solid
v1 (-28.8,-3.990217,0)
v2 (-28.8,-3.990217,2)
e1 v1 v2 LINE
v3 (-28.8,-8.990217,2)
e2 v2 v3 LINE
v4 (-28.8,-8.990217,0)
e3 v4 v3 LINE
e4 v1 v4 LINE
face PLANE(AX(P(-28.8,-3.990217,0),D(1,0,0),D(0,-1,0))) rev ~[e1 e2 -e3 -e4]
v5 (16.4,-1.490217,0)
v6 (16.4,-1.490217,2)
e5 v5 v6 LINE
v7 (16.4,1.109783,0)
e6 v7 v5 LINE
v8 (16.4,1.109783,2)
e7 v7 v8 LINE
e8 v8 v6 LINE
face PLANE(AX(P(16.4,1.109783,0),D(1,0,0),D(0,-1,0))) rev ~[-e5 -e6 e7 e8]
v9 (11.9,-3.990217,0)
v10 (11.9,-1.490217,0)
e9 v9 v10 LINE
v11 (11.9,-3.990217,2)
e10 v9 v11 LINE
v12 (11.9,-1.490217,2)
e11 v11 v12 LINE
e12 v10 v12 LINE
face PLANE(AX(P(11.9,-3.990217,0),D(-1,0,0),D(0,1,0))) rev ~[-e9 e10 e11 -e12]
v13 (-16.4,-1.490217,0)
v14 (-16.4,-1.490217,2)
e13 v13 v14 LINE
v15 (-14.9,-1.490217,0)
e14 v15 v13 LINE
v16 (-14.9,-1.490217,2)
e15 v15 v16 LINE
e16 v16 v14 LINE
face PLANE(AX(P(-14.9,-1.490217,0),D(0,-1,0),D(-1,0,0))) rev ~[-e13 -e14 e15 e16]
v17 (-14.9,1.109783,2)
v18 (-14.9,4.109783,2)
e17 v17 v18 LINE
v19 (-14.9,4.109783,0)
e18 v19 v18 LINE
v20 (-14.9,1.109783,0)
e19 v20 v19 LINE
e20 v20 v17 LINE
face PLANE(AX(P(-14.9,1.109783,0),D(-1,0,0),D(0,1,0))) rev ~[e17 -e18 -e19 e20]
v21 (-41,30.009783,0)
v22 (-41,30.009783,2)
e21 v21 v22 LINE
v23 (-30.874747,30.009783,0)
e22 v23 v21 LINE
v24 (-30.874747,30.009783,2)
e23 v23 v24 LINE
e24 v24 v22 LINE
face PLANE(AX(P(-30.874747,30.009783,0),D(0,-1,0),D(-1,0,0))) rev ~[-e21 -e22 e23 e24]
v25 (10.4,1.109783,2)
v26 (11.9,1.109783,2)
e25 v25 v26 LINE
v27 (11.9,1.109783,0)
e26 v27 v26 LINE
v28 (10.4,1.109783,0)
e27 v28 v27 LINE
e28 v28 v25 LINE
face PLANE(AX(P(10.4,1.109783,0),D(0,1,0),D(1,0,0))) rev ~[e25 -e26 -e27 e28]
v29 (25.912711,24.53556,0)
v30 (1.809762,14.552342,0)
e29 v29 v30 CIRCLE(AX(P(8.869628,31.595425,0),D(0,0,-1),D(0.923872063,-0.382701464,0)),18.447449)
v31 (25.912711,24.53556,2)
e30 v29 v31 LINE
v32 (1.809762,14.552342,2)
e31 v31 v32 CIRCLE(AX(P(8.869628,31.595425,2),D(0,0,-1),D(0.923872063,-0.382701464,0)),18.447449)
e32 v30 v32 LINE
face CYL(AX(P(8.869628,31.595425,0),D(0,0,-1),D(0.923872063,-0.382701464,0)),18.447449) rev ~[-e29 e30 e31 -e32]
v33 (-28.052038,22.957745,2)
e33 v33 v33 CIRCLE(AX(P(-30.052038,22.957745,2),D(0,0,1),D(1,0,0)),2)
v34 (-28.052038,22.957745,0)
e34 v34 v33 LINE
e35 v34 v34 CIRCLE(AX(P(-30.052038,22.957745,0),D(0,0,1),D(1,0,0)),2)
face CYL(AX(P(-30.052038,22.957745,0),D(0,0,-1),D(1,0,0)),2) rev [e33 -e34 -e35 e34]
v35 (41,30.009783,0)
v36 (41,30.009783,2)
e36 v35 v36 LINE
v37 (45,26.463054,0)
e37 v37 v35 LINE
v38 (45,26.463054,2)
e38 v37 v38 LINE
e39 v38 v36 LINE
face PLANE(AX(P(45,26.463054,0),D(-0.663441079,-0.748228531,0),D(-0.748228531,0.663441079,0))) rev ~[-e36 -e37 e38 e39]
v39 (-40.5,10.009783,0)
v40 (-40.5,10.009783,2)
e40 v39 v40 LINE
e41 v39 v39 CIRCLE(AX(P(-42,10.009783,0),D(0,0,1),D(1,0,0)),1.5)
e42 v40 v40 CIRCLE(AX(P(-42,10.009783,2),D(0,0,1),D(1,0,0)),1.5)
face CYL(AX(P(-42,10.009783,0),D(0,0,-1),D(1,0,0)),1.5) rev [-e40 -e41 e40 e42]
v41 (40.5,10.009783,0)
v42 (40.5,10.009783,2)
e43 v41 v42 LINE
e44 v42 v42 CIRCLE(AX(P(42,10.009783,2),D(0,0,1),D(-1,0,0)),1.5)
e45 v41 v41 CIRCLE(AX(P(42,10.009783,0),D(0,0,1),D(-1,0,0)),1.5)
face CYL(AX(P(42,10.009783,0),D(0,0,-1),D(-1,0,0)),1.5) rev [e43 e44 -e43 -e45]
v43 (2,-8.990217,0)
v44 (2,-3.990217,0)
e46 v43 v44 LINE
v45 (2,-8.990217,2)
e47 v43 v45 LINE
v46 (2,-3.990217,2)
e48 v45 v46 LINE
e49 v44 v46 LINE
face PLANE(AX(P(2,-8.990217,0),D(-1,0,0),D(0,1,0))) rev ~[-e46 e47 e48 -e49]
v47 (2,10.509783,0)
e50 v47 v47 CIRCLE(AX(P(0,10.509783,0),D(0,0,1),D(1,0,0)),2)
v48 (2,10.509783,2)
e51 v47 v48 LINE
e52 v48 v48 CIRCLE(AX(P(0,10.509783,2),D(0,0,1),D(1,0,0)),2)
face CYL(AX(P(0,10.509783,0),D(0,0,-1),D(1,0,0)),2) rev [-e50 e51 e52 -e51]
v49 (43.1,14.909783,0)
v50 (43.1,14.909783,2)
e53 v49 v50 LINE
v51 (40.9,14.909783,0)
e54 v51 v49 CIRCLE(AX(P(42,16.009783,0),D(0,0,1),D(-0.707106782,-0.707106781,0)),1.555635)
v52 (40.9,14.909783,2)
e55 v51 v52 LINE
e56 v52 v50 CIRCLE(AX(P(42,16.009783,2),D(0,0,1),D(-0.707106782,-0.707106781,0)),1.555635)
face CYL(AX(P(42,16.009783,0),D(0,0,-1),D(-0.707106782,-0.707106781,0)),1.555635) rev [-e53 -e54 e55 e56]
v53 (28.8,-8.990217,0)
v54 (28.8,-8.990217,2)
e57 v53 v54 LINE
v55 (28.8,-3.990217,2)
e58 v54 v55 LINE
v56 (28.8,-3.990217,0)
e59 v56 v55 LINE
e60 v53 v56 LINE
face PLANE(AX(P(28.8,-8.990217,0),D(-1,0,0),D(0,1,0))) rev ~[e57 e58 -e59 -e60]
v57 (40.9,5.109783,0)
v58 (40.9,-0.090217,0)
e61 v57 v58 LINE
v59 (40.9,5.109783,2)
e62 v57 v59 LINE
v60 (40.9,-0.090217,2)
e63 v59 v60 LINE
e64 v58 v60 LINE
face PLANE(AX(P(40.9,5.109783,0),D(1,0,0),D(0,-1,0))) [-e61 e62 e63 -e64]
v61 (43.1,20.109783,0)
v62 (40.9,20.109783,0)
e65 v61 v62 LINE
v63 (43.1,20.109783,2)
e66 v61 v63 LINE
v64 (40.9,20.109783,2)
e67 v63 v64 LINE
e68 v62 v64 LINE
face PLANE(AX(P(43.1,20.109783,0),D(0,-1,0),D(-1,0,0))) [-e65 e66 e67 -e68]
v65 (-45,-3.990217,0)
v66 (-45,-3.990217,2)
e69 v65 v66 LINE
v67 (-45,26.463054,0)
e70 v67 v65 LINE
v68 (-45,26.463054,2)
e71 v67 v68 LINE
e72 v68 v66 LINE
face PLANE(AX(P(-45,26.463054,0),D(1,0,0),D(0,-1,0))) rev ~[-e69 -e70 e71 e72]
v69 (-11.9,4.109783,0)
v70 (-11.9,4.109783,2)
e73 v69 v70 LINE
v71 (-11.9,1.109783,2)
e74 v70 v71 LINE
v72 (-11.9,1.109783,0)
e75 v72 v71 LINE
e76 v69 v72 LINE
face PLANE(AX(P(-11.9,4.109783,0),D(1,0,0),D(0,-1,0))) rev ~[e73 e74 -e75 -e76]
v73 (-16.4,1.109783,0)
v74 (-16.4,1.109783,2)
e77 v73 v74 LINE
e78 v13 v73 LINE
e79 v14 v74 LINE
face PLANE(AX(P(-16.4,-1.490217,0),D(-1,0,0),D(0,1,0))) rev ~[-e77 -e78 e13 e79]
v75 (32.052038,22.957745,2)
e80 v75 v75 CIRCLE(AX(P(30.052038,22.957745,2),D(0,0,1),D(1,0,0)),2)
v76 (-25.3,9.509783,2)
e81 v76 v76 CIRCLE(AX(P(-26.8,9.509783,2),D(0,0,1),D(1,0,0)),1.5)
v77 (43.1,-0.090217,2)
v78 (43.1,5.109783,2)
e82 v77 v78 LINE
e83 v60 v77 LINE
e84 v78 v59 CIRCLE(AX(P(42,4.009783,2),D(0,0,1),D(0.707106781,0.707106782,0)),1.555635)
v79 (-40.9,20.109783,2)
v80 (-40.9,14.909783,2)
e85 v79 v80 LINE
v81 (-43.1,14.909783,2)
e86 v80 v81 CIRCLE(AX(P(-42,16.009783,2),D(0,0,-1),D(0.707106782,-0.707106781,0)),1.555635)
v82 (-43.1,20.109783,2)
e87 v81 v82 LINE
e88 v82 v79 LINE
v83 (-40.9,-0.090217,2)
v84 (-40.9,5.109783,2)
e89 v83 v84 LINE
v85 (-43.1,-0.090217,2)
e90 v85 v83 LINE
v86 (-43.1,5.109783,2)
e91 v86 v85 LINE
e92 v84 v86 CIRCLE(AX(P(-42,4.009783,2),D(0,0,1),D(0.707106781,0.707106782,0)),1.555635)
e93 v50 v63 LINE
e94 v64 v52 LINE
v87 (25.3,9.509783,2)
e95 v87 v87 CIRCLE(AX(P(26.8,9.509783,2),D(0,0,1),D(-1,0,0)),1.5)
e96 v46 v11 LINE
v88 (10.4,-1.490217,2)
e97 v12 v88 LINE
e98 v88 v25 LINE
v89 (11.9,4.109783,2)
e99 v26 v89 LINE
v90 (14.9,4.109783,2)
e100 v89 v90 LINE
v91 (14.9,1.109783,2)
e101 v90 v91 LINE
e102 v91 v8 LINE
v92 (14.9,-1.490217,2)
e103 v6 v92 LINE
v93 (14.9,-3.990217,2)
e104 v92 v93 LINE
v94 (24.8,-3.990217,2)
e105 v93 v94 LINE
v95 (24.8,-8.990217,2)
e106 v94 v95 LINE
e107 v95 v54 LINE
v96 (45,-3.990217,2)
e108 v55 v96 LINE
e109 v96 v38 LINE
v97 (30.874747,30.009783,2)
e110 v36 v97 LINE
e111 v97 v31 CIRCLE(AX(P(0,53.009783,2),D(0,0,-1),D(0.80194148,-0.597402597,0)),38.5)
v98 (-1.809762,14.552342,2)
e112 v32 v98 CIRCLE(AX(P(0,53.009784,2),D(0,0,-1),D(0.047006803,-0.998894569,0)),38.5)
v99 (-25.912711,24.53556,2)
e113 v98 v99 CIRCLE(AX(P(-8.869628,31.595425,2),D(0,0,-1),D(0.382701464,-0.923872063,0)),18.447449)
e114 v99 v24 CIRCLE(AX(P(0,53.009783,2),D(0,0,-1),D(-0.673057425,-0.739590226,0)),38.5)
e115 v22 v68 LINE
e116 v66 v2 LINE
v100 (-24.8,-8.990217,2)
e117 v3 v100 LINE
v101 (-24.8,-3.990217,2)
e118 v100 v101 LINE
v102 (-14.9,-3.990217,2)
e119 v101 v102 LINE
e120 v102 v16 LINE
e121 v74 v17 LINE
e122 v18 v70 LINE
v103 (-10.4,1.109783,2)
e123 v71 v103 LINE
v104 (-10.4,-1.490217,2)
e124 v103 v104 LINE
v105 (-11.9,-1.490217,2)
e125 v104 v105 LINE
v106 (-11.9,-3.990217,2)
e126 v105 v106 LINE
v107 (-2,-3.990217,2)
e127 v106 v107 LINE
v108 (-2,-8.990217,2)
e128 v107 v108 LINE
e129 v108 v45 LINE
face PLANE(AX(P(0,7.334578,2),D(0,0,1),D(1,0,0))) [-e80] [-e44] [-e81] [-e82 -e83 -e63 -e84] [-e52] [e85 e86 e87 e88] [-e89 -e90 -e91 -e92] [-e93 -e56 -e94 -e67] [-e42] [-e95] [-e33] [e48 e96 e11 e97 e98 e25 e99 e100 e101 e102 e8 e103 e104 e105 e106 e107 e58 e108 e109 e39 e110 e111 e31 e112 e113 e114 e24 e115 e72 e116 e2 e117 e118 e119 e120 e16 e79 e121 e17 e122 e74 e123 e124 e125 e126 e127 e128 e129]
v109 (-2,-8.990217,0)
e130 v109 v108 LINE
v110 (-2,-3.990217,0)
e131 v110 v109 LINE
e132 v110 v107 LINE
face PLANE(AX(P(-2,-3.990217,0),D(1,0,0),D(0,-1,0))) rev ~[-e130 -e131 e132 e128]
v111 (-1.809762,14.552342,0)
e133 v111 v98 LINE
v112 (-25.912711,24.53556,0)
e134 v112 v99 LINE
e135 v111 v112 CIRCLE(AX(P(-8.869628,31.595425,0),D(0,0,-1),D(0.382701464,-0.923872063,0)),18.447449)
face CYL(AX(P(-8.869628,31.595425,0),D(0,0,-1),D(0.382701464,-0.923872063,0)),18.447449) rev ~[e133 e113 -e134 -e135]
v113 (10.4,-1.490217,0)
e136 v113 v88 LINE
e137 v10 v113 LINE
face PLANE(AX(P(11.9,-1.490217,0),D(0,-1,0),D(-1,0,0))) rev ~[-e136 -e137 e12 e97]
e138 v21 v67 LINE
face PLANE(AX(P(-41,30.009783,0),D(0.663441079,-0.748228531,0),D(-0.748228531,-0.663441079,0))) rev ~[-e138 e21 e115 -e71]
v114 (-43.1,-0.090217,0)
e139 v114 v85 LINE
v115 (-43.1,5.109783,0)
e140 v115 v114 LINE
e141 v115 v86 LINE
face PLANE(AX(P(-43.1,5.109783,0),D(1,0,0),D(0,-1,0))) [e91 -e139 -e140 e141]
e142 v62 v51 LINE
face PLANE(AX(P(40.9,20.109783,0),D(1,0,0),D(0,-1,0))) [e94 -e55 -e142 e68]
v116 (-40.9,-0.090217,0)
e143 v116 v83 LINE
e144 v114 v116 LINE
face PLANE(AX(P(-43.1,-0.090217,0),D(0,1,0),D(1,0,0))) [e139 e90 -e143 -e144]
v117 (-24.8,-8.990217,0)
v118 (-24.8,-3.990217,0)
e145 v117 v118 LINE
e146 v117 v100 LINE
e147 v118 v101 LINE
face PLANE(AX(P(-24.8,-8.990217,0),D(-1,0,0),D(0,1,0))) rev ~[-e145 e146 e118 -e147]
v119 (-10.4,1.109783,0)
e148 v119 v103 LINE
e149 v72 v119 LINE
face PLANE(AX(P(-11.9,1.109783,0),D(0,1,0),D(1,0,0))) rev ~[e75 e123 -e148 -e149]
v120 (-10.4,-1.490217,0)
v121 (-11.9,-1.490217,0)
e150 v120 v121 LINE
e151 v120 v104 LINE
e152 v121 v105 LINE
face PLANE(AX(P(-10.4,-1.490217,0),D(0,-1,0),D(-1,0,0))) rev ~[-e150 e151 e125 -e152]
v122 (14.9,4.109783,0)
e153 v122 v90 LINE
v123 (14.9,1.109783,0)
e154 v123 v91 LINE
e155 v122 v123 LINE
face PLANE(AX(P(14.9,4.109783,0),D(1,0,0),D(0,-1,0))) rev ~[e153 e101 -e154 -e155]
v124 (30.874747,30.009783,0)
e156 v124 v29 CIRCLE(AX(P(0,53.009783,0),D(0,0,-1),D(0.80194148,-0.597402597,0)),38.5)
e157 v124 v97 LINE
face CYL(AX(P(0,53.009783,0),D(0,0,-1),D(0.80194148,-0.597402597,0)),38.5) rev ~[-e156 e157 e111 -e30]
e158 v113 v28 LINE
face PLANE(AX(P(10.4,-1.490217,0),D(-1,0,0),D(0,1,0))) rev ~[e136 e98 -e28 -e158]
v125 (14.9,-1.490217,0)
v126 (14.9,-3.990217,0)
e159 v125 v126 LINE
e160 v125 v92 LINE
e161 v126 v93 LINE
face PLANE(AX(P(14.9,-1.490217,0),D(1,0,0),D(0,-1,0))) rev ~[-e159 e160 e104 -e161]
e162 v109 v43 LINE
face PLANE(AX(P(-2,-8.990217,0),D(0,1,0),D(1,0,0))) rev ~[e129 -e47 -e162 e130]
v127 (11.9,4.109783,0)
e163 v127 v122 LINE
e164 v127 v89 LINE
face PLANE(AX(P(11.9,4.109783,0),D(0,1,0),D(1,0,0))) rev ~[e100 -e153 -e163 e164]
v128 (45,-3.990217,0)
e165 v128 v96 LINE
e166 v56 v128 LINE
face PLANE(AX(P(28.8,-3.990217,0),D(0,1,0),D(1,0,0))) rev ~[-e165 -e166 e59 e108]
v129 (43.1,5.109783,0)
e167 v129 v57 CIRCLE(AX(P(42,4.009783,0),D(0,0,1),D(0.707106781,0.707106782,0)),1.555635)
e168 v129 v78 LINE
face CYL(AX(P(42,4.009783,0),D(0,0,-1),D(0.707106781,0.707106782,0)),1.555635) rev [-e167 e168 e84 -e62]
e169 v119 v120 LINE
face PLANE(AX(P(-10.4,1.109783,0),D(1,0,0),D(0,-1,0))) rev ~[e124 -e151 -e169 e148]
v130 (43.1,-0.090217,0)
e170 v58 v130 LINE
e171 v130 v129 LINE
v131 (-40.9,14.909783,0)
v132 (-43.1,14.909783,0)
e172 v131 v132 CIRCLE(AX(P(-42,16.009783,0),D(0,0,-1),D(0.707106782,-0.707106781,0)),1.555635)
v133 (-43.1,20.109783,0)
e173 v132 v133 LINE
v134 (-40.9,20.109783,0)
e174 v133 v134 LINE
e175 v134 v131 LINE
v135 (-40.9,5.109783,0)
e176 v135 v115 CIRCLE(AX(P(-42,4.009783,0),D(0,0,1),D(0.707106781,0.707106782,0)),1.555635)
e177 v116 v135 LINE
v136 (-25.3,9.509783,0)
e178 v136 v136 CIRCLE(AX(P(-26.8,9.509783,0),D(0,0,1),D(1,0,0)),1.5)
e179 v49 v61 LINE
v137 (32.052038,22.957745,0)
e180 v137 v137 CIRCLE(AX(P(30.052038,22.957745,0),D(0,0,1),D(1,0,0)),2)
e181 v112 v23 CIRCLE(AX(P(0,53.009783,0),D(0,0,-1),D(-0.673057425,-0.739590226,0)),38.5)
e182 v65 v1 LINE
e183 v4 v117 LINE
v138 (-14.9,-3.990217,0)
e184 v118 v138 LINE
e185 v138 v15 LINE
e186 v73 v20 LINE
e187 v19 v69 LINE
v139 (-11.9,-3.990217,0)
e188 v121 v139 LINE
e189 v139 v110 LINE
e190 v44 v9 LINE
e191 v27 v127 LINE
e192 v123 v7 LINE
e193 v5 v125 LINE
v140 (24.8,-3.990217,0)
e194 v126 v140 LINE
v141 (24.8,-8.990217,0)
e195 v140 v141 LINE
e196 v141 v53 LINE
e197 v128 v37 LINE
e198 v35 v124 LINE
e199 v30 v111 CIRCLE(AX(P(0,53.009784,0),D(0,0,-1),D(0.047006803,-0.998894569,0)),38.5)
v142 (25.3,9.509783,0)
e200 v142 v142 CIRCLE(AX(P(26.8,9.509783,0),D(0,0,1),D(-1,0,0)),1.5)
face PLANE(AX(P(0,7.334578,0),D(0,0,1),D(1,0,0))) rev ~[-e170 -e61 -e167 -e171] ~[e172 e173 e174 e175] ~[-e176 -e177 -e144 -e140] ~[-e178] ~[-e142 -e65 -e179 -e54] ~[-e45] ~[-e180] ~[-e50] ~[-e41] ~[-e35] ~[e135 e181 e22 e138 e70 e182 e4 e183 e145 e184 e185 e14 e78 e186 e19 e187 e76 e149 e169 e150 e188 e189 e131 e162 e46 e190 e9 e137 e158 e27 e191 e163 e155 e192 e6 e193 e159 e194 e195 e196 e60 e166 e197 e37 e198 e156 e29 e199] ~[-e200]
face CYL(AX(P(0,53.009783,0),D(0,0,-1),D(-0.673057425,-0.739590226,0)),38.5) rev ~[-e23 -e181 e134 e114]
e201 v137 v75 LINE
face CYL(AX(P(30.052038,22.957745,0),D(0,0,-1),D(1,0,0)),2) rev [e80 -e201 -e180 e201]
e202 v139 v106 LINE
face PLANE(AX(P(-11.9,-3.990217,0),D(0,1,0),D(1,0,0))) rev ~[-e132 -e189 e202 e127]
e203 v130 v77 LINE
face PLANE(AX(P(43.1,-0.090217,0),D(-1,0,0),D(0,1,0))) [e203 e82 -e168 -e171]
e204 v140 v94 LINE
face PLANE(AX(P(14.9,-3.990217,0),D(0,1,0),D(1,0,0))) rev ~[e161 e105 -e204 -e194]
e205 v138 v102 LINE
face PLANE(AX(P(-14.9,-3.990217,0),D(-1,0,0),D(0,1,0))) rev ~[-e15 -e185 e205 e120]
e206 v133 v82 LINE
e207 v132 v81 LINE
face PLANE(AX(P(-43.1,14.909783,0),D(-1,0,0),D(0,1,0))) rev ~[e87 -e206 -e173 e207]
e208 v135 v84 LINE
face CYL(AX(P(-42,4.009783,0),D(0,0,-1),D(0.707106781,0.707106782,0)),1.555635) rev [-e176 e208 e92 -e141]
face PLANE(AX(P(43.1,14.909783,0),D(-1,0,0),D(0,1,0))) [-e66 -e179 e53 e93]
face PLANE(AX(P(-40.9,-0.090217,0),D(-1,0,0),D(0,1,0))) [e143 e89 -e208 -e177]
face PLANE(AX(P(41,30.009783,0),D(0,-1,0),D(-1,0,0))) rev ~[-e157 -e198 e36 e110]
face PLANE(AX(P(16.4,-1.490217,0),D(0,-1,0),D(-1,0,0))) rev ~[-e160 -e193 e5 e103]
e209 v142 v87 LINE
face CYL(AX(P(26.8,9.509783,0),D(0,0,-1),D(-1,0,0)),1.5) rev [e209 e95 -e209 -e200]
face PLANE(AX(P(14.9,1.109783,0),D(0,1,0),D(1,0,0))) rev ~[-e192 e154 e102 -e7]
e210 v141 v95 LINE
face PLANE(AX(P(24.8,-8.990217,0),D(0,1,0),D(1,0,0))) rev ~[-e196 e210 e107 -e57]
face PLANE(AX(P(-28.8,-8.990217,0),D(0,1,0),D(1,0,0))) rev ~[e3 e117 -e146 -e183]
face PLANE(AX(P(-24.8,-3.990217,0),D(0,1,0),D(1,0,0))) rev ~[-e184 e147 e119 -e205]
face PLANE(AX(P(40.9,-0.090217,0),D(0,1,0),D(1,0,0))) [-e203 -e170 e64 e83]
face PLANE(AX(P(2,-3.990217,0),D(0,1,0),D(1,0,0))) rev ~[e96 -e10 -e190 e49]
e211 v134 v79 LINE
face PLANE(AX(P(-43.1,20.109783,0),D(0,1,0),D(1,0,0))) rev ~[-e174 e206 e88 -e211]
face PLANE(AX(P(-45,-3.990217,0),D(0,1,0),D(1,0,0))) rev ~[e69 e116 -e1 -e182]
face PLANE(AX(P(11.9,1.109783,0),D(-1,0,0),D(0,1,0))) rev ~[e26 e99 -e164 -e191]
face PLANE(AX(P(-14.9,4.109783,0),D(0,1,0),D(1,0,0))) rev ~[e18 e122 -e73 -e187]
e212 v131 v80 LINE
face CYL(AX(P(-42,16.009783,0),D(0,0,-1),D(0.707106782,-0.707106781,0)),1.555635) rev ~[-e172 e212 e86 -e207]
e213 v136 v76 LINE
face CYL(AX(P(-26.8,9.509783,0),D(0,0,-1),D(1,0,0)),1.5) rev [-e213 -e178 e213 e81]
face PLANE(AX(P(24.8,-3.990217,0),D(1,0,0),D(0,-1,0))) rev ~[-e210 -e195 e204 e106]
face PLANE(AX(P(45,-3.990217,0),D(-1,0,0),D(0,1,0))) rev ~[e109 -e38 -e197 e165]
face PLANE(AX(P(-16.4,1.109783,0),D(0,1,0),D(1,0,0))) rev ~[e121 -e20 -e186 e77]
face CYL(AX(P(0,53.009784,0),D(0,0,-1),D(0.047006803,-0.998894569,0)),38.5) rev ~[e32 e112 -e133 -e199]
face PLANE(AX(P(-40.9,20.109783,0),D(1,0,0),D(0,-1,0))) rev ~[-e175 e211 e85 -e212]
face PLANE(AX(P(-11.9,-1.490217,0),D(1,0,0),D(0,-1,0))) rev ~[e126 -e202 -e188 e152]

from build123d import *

# Parameters (mm, degrees)
SKETCH_3_R      = 2
SKETCH_3_R_2    = 1.5
EXTRUDE_1_DEPTH = 2


with BuildPart() as part:
    # 草图3 → 凸台-拉伸1 (new body)
    with BuildSketch(Plane.XY):
        with BuildLine():
            Line((-45, -3.990216685), (-28.8, -3.990216685))
            Line((-28.8, -3.990216685), (-28.8, -8.990216685))
            Line((-28.8, -8.990216685), (-24.8, -8.990216685))
            Line((-24.8, -8.990216685), (-24.8, -3.990216685))
            Line((-24.8, -3.990216685), (-14.9, -3.990216685))
            Line((-14.9, -3.990216685), (-14.9, -1.490216685))
            Line((-14.9, -1.490216685), (-16.4, -1.490216685))
            Line((-16.4, -1.490216685), (-16.4, 1.109783315))
            Line((-16.4, 1.109783315), (-14.9, 1.109783315))
            Line((-14.9, 1.109783315), (-14.9, 4.109783315))
            Line((-14.9, 4.109783315), (-11.9, 4.109783315))
            Line((-11.9, 4.109783315), (-11.9, 1.109783315))
            Line((-11.9, 1.109783315), (-10.4, 1.109783315))
            Line((-10.4, 1.109783315), (-10.4, -1.490216685))
            Line((-10.4, -1.490216685), (-11.9, -1.490216685))
            Line((-11.9, -1.490216685), (-11.9, -3.990216685))
            Line((-11.9, -3.990216685), (-2, -3.990216685))
            Line((-2, -3.990216685), (-2, -8.990216685))
            Line((-2, -8.990216685), (0, -8.990216685))
            Line((0, -8.990216685), (2, -8.990216685))
            Line((2, -8.990216685), (2, -3.990216685))
            Line((2, -3.990216685), (11.9, -3.990216685))
            Line((11.9, -3.990216685), (11.9, -1.490216685))
            Line((11.9, -1.490216685), (10.4, -1.490216685))
            Line((10.4, -1.490216685), (10.4, 1.109783315))
            Line((10.4, 1.109783315), (11.9, 1.109783315))
            Line((11.9, 1.109783315), (11.9, 4.109783315))
            Line((11.9, 4.109783315), (14.9, 4.109783315))
            Line((14.9, 4.109783315), (14.9, 1.109783315))
            Line((14.9, 1.109783315), (16.4, 1.109783315))
            Line((16.4, 1.109783315), (16.4, -1.490216685))
            Line((16.4, -1.490216685), (14.9, -1.490216685))
            Line((14.9, -1.490216685), (14.9, -3.990216685))
            Line((14.9, -3.990216685), (24.8, -3.990216685))
            Line((24.8, -3.990216685), (24.8, -8.990216685))
            Line((24.8, -8.990216685), (28.8, -8.990216685))
            Line((28.8, -8.990216685), (28.8, -3.990216685))
            Line((28.8, -3.990216685), (45, -3.990216685))
            Line((45, -3.990216685), (45, 5.009783315))
            Line((45, 5.009783315), (45, 15.009783315))
            Line((45, 15.009783315), (45, 26.463053661))
            Line((45, 26.463053661), (41, 30.009783315))
            Line((41, 30.009783315), (30.874746963, 30.009783315))
            ThreePointArc((30.874746963, 30.009783315), (28.525350528, 27.153364822), (25.912710857, 24.535559602))
            ThreePointArc((25.912710857, 24.535559602), (15.928828372, 14.55206683), (1.809761925, 14.552342399))
            ThreePointArc((1.809761925, 14.552342399), (0, 14.509783315), (-1.809761925, 14.552342399))
            ThreePointArc((-1.809761925, 14.552342399), (-15.928828372, 14.55206683), (-25.912710857, 24.535559602))
            ThreePointArc((-25.912710857, 24.535559602), (-28.525350528, 27.153364822), (-30.874746963, 30.009783315))
            Line((-30.874746963, 30.009783315), (-41, 30.009783315))
            Line((-41, 30.009783315), (-45, 26.463053661))
            Line((-45, 26.463053661), (-45, 15.009783315))
            Line((-45, 15.009783315), (-45, 5.009783315))
            Line((-45, 5.009783315), (-45, -3.990216685))
        make_face()
        with Locations((0, 10.509783315)):
            Circle(SKETCH_3_R, mode=Mode.SUBTRACT)
        with Locations((-30.0520382, 22.957745114)):
            Circle(SKETCH_3_R, mode=Mode.SUBTRACT)
        with Locations((30.0520382, 22.957745114)):
            Circle(SKETCH_3_R, mode=Mode.SUBTRACT)
        with Locations((-26.8, 9.509783315)):
            Circle(SKETCH_3_R_2, mode=Mode.SUBTRACT)
        with Locations(Location((26.8, 9.509783315, 0), (0, 0, 180))):
            Circle(SKETCH_3_R_2, mode=Mode.SUBTRACT)
        with Locations((-42, 10.009783315)):
            Circle(SKETCH_3_R_2, mode=Mode.SUBTRACT)
        with Locations(Location((42, 10.009783315, 0), (0, 0, 180))):
            Circle(SKETCH_3_R_2, mode=Mode.SUBTRACT)
        with BuildLine():
            Line((-43.1, 5.109783315), (-43.1, -0.090216685))
            Line((-43.1, -0.090216685), (-40.9, -0.090216685))
            Line((-40.9, -0.090216685), (-40.9, 5.109783315))
            ThreePointArc((-40.9, 5.109783315), (-42, 5.565418233), (-43.1, 5.109783315))
        make_face(mode=Mode.SUBTRACT)
        with BuildLine():
            Line((-43.1, 20.109783315), (-40.9, 20.109783315))
            Line((-40.9, 20.109783315), (-40.9, 14.909783315))
            ThreePointArc((-40.9, 14.909783315), (-42, 14.454148396), (-43.1, 14.909783315))
            Line((-43.1, 14.909783315), (-43.1, 20.109783315))
        make_face(mode=Mode.SUBTRACT)
        with BuildLine():
            Line((40.9, 20.109783315), (40.9, 14.909783315))
            ThreePointArc((40.9, 14.909783315), (42, 14.454148396), (43.1, 14.909783315))
            Line((43.1, 14.909783315), (43.1, 20.109783315))
            Line((43.1, 20.109783315), (40.9, 20.109783315))
        make_face(mode=Mode.SUBTRACT)
        with BuildLine():
            Line((40.9, 5.109783315), (40.9, -0.090216685))
            Line((40.9, -0.090216685), (43.1, -0.090216685))
            Line((43.1, -0.090216685), (43.1, 5.109783315))
            ThreePointArc((43.1, 5.109783315), (42, 5.565418233), (40.9, 5.109783315))
        make_face(mode=Mode.SUBTRACT)
    extrude(amount=EXTRUDE_1_DEPTH)


solid = part.part
